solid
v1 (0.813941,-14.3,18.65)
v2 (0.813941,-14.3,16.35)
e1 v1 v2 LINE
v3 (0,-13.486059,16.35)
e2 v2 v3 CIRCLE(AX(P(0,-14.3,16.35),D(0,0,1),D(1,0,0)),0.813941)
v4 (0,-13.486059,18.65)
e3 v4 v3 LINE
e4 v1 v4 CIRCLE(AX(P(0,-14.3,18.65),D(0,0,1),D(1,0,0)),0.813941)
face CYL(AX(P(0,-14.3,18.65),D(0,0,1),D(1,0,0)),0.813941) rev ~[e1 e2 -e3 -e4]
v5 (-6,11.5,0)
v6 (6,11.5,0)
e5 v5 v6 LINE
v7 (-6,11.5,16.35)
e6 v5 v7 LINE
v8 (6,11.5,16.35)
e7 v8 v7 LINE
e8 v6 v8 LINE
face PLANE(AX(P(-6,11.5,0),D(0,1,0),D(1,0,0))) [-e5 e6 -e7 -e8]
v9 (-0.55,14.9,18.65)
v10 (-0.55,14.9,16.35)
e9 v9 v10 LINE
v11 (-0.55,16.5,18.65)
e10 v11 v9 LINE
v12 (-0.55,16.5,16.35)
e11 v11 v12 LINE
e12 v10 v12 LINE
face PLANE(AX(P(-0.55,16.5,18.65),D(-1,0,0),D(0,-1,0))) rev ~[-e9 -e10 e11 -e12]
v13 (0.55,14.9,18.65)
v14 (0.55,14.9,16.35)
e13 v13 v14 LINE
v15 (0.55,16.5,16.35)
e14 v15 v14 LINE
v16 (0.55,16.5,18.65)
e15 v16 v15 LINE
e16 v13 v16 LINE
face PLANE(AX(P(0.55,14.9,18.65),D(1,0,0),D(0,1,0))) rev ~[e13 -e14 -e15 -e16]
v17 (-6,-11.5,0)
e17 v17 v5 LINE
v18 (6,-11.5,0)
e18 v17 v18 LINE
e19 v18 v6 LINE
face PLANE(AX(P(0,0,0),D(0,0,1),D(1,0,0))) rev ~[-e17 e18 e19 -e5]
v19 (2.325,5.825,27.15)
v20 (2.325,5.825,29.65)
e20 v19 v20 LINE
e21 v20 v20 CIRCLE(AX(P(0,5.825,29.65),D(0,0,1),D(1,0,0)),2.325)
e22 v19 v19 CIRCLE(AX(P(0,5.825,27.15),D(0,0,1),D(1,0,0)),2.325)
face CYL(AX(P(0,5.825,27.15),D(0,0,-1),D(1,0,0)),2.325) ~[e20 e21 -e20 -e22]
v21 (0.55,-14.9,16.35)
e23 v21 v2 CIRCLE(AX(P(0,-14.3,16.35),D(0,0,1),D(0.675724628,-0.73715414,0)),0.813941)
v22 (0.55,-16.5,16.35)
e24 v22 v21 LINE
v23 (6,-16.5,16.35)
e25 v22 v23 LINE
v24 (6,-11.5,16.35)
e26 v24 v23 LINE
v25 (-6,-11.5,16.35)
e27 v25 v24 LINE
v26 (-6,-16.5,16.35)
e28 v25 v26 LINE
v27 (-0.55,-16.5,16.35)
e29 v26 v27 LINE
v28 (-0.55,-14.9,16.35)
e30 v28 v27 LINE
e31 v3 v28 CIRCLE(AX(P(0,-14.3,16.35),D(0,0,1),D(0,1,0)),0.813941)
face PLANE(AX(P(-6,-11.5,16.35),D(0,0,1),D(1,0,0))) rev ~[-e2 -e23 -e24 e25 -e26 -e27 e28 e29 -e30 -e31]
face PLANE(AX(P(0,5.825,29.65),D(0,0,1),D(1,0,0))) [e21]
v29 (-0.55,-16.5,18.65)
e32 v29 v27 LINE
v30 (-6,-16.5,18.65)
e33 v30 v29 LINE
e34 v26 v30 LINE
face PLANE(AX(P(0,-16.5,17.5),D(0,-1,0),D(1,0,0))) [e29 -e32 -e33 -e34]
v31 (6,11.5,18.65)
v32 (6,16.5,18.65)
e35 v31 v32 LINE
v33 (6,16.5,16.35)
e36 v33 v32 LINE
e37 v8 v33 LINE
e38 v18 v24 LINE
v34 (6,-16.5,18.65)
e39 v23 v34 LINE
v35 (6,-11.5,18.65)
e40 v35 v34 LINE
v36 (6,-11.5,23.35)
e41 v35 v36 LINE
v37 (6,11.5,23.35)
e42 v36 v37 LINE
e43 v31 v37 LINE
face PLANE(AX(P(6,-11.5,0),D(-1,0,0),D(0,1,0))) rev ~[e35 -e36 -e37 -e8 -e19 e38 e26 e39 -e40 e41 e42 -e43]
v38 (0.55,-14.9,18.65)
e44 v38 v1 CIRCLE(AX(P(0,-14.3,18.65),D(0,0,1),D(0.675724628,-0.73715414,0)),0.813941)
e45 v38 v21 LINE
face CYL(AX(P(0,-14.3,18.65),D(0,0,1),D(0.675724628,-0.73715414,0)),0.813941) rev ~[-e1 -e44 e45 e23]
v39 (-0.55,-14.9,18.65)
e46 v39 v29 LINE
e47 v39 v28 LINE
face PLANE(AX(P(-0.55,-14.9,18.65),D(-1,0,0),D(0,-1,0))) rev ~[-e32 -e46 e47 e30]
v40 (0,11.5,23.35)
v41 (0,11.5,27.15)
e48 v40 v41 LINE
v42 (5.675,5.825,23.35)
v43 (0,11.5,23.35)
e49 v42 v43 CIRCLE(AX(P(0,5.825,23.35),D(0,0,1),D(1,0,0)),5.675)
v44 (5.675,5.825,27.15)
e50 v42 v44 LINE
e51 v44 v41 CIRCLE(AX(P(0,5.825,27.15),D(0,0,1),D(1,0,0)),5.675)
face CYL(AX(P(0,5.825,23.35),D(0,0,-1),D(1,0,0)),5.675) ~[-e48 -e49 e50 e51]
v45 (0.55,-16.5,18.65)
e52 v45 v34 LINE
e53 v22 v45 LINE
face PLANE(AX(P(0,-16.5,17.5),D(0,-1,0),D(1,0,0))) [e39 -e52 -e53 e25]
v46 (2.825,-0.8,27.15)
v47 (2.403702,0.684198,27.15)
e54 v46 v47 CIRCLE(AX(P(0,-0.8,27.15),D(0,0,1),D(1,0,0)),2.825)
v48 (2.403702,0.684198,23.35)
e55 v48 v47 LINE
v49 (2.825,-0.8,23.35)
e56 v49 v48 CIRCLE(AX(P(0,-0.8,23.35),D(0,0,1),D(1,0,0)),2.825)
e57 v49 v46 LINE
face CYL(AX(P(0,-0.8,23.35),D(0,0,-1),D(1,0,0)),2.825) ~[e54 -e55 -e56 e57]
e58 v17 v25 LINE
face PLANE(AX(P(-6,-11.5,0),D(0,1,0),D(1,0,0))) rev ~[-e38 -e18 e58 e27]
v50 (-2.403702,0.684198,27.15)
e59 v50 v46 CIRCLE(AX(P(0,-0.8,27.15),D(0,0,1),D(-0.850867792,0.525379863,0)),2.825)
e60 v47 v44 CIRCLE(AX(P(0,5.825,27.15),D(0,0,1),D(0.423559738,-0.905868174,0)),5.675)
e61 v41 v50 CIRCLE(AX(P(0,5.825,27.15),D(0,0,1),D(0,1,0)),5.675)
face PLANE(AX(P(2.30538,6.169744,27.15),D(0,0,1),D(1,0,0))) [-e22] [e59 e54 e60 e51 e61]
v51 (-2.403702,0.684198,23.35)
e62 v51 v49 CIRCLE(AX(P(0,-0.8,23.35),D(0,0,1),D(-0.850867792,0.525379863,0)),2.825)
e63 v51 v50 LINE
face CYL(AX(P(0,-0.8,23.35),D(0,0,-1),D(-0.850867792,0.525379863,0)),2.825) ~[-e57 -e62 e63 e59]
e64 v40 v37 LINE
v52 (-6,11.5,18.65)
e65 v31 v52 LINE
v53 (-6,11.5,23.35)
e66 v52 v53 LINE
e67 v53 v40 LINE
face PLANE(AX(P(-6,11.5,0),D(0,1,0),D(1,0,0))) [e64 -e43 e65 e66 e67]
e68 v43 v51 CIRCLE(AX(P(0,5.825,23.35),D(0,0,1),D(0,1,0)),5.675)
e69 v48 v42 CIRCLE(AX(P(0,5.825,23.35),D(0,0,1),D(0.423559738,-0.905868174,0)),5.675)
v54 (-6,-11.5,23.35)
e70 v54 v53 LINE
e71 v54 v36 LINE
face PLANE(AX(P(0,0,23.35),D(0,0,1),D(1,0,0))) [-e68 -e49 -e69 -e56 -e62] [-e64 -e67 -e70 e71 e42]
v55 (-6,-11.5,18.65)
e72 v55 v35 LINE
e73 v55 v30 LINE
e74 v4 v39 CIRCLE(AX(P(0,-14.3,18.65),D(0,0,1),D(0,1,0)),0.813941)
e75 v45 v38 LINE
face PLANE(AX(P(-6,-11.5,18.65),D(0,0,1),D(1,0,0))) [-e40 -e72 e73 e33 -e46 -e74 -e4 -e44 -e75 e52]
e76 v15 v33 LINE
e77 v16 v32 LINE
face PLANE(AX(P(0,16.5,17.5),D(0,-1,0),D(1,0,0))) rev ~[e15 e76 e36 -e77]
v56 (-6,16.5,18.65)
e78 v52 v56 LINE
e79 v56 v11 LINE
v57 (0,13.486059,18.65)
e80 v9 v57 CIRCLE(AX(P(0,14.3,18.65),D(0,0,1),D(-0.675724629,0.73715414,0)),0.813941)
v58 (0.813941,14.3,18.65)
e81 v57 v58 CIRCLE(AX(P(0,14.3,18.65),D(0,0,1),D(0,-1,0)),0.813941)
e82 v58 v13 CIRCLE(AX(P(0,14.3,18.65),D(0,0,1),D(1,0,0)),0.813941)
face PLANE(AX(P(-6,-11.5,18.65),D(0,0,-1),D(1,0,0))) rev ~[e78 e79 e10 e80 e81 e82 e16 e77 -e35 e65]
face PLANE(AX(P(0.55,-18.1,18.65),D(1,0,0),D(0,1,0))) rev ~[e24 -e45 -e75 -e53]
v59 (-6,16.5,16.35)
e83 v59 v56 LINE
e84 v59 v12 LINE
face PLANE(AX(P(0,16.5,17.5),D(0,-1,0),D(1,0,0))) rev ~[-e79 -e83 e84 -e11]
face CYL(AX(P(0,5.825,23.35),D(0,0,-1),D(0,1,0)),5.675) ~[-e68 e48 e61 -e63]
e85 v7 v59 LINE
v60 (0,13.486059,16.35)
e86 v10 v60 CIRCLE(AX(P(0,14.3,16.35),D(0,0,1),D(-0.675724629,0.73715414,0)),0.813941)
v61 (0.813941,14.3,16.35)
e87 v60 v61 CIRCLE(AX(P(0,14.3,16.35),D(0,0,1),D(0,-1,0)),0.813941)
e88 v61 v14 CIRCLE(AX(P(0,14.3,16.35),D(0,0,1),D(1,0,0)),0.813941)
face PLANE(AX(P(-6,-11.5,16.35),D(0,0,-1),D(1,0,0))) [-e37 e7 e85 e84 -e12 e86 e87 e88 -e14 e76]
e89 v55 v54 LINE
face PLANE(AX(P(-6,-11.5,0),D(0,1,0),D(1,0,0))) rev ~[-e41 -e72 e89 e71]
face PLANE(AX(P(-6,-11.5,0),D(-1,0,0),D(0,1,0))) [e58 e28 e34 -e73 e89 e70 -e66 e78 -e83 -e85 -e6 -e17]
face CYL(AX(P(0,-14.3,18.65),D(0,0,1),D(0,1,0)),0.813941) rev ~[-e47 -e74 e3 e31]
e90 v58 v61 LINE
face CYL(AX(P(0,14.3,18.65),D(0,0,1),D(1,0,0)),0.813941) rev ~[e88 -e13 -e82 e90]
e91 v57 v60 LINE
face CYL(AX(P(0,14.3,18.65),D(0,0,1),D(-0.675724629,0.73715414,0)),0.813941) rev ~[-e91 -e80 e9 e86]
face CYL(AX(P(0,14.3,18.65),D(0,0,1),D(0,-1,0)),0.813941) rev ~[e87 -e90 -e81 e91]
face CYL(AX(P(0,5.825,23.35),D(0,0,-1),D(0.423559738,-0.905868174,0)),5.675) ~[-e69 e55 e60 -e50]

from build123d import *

# Parameters (mm, degrees)
F0_W          = 12
F0_H          = 23
F1_DEPTH      = 23.35
F2_W          = 12
F2_H          = 2.3
F3_DEPTH      = 5
F3_DEPTH_BACK = 28
F5_DEPTH      = 3.8
F6_R          = 2.325
F7_DEPTH      = 2.5
F9_DEPTH      = 25
F11_DEPTH     = 25


with BuildPart() as f1:
    # F0 (on Top) → F1 (new body)
    with BuildSketch(Plane.XY):
        Rectangle(F0_W, F0_H)
    extrude(amount=F1_DEPTH)

    # F2 (on face) → F3 (join, two sides)
    with BuildSketch(Plane.XZ.offset(11.5)) as f3_sk:
        with Locations((0, 17.5)):
            Rectangle(F2_W, F2_H)
    extrude(amount=F3_DEPTH)
    extrude(f3_sk.sketch, amount=-F3_DEPTH_BACK)

    # F4 (on face) → F5 (join)
    with BuildSketch(Plane.XY.offset(23.35)):
        with BuildLine():
            ThreePointArc((5.675, 5.825), (4.0128309832, 9.8378309832), (0, 11.5))
            Line((0, 11.5), (0, 5.825))
            Line((0, 5.825), (0, 2.025))
            ThreePointArc((0, 2.025), (1.3761840956, 1.6671324113), (2.4037015124, 0.6841981132))
            ThreePointArc((2.4037015124, 0.6841981132), (4.7878299407, 2.7783117228), (5.675, 5.825))
        make_face()
        with BuildLine():
            Line((0, 5.825), (0, 11.5))
            ThreePointArc((0, 11.5), (-5.5398409592, 7.0561730773), (-2.4037015124, 0.6841981132))
            ThreePointArc((-2.4037015124, 0.6841981132), (-1.3761840956, 1.6671324113), (0, 2.025))
            Line((0, 2.025), (0, 5.825))
        make_face()
        with BuildLine():
            ThreePointArc((0, 2.025), (-1.3761840956, 1.6671324113), (-2.4037015124, 0.6841981132))
            ThreePointArc((-2.4037015124, 0.6841981132), (-1.2311730773, 0.2851590408), (0, 0.15))
            Line((0, 0.15), (0, 2.025))
        make_face()
        with BuildLine():
            ThreePointArc((0, 0.15), (-1.2311730773, 0.2851590408), (-2.4037015124, 0.6841981132))
            ThreePointArc((-2.4037015124, 0.6841981132), (-0.7714169519, -3.5176351643), (2.825, -0.8))
            ThreePointArc((2.825, -0.8), (2.7176351643, -0.0285830481), (2.4037015124, 0.6841981132))
            ThreePointArc((2.4037015124, 0.6841981132), (1.2311730773, 0.2851590408), (0, 0.15))
        make_face()
        with BuildLine():
            ThreePointArc((2.4037015124, 0.6841981132), (1.3761840956, 1.6671324113), (0, 2.025))
            Line((0, 2.025), (0, 0.15))
            ThreePointArc((0, 0.15), (1.2311730773, 0.2851590408), (2.4037015124, 0.6841981132))
        make_face()
    extrude(amount=F5_DEPTH)

    # F6 (on face) → F7 (join)
    with BuildSketch(Plane.XY.offset(27.15)):
        with Locations((0, 5.825)):
            Circle(F6_R)
    extrude(amount=F7_DEPTH)

    # F8 (on face) → F9 (cut)
    with BuildSketch(Plane.XY.offset(18.65)):
        with BuildLine():
            Line((0.55, 14.9), (-0.55, 14.9))
            ThreePointArc((-0.55, 14.9), (-0.7585725469, 14.0049276511), (0, 13.4860589702))
            ThreePointArc((0, 13.4860589702), (0.5755432217, 13.7244567783), (0.8139410298, 14.3))
            ThreePointArc((0.8139410298, 14.3), (0.7450394508, 14.6277441331), (0.55, 14.9))
        make_face()
        with BuildLine():
            Line((0.55, 16.5), (-0.55, 16.5))
            Line((-0.55, 16.5), (-0.55, 14.9))
            ThreePointArc((-0.55, 14.9), (0, 15.1139410298), (0.55, 14.9))
            Line((0.55, 14.9), (0.55, 16.5))
        make_face()
        with BuildLine():
            ThreePointArc((0.55, 14.9), (0, 15.1139410298), (-0.55, 14.9))
            Line((-0.55, 14.9), (0.55, 14.9))
        make_face()
    extrude(amount=-F9_DEPTH, mode=Mode.SUBTRACT)

    # F10 (on face) → F11 (cut)
    with BuildSketch(Plane.XY.offset(18.65)):
        with BuildLine():
            ThreePointArc((0, -13.4860589702), (-0.7585725469, -14.0049276511), (-0.55, -14.9))
            Line((-0.55, -14.9), (0.55, -14.9))
            ThreePointArc((0.55, -14.9), (0.7450394508, -14.6277441331), (0.8139410298, -14.3))
            ThreePointArc((0.8139410298, -14.3), (0.5755432217, -13.7244567783), (0, -13.4860589702))
        make_face()
        with BuildLine():
            ThreePointArc((0.55, -14.9), (0, -15.1139410298), (-0.55, -14.9))
            Line((-0.55, -14.9), (-0.55, -18.1))
            Line((-0.55, -18.1), (0.55, -18.1))
            Line((0.55, -18.1), (0.55, -14.9))
        make_face()
        with BuildLine():
            Line((0.55, -14.9), (-0.55, -14.9))
            ThreePointArc((-0.55, -14.9), (0, -15.1139410298), (0.55, -14.9))
        make_face()
    extrude(amount=-F11_DEPTH, mode=Mode.SUBTRACT)


solid = f1.part
